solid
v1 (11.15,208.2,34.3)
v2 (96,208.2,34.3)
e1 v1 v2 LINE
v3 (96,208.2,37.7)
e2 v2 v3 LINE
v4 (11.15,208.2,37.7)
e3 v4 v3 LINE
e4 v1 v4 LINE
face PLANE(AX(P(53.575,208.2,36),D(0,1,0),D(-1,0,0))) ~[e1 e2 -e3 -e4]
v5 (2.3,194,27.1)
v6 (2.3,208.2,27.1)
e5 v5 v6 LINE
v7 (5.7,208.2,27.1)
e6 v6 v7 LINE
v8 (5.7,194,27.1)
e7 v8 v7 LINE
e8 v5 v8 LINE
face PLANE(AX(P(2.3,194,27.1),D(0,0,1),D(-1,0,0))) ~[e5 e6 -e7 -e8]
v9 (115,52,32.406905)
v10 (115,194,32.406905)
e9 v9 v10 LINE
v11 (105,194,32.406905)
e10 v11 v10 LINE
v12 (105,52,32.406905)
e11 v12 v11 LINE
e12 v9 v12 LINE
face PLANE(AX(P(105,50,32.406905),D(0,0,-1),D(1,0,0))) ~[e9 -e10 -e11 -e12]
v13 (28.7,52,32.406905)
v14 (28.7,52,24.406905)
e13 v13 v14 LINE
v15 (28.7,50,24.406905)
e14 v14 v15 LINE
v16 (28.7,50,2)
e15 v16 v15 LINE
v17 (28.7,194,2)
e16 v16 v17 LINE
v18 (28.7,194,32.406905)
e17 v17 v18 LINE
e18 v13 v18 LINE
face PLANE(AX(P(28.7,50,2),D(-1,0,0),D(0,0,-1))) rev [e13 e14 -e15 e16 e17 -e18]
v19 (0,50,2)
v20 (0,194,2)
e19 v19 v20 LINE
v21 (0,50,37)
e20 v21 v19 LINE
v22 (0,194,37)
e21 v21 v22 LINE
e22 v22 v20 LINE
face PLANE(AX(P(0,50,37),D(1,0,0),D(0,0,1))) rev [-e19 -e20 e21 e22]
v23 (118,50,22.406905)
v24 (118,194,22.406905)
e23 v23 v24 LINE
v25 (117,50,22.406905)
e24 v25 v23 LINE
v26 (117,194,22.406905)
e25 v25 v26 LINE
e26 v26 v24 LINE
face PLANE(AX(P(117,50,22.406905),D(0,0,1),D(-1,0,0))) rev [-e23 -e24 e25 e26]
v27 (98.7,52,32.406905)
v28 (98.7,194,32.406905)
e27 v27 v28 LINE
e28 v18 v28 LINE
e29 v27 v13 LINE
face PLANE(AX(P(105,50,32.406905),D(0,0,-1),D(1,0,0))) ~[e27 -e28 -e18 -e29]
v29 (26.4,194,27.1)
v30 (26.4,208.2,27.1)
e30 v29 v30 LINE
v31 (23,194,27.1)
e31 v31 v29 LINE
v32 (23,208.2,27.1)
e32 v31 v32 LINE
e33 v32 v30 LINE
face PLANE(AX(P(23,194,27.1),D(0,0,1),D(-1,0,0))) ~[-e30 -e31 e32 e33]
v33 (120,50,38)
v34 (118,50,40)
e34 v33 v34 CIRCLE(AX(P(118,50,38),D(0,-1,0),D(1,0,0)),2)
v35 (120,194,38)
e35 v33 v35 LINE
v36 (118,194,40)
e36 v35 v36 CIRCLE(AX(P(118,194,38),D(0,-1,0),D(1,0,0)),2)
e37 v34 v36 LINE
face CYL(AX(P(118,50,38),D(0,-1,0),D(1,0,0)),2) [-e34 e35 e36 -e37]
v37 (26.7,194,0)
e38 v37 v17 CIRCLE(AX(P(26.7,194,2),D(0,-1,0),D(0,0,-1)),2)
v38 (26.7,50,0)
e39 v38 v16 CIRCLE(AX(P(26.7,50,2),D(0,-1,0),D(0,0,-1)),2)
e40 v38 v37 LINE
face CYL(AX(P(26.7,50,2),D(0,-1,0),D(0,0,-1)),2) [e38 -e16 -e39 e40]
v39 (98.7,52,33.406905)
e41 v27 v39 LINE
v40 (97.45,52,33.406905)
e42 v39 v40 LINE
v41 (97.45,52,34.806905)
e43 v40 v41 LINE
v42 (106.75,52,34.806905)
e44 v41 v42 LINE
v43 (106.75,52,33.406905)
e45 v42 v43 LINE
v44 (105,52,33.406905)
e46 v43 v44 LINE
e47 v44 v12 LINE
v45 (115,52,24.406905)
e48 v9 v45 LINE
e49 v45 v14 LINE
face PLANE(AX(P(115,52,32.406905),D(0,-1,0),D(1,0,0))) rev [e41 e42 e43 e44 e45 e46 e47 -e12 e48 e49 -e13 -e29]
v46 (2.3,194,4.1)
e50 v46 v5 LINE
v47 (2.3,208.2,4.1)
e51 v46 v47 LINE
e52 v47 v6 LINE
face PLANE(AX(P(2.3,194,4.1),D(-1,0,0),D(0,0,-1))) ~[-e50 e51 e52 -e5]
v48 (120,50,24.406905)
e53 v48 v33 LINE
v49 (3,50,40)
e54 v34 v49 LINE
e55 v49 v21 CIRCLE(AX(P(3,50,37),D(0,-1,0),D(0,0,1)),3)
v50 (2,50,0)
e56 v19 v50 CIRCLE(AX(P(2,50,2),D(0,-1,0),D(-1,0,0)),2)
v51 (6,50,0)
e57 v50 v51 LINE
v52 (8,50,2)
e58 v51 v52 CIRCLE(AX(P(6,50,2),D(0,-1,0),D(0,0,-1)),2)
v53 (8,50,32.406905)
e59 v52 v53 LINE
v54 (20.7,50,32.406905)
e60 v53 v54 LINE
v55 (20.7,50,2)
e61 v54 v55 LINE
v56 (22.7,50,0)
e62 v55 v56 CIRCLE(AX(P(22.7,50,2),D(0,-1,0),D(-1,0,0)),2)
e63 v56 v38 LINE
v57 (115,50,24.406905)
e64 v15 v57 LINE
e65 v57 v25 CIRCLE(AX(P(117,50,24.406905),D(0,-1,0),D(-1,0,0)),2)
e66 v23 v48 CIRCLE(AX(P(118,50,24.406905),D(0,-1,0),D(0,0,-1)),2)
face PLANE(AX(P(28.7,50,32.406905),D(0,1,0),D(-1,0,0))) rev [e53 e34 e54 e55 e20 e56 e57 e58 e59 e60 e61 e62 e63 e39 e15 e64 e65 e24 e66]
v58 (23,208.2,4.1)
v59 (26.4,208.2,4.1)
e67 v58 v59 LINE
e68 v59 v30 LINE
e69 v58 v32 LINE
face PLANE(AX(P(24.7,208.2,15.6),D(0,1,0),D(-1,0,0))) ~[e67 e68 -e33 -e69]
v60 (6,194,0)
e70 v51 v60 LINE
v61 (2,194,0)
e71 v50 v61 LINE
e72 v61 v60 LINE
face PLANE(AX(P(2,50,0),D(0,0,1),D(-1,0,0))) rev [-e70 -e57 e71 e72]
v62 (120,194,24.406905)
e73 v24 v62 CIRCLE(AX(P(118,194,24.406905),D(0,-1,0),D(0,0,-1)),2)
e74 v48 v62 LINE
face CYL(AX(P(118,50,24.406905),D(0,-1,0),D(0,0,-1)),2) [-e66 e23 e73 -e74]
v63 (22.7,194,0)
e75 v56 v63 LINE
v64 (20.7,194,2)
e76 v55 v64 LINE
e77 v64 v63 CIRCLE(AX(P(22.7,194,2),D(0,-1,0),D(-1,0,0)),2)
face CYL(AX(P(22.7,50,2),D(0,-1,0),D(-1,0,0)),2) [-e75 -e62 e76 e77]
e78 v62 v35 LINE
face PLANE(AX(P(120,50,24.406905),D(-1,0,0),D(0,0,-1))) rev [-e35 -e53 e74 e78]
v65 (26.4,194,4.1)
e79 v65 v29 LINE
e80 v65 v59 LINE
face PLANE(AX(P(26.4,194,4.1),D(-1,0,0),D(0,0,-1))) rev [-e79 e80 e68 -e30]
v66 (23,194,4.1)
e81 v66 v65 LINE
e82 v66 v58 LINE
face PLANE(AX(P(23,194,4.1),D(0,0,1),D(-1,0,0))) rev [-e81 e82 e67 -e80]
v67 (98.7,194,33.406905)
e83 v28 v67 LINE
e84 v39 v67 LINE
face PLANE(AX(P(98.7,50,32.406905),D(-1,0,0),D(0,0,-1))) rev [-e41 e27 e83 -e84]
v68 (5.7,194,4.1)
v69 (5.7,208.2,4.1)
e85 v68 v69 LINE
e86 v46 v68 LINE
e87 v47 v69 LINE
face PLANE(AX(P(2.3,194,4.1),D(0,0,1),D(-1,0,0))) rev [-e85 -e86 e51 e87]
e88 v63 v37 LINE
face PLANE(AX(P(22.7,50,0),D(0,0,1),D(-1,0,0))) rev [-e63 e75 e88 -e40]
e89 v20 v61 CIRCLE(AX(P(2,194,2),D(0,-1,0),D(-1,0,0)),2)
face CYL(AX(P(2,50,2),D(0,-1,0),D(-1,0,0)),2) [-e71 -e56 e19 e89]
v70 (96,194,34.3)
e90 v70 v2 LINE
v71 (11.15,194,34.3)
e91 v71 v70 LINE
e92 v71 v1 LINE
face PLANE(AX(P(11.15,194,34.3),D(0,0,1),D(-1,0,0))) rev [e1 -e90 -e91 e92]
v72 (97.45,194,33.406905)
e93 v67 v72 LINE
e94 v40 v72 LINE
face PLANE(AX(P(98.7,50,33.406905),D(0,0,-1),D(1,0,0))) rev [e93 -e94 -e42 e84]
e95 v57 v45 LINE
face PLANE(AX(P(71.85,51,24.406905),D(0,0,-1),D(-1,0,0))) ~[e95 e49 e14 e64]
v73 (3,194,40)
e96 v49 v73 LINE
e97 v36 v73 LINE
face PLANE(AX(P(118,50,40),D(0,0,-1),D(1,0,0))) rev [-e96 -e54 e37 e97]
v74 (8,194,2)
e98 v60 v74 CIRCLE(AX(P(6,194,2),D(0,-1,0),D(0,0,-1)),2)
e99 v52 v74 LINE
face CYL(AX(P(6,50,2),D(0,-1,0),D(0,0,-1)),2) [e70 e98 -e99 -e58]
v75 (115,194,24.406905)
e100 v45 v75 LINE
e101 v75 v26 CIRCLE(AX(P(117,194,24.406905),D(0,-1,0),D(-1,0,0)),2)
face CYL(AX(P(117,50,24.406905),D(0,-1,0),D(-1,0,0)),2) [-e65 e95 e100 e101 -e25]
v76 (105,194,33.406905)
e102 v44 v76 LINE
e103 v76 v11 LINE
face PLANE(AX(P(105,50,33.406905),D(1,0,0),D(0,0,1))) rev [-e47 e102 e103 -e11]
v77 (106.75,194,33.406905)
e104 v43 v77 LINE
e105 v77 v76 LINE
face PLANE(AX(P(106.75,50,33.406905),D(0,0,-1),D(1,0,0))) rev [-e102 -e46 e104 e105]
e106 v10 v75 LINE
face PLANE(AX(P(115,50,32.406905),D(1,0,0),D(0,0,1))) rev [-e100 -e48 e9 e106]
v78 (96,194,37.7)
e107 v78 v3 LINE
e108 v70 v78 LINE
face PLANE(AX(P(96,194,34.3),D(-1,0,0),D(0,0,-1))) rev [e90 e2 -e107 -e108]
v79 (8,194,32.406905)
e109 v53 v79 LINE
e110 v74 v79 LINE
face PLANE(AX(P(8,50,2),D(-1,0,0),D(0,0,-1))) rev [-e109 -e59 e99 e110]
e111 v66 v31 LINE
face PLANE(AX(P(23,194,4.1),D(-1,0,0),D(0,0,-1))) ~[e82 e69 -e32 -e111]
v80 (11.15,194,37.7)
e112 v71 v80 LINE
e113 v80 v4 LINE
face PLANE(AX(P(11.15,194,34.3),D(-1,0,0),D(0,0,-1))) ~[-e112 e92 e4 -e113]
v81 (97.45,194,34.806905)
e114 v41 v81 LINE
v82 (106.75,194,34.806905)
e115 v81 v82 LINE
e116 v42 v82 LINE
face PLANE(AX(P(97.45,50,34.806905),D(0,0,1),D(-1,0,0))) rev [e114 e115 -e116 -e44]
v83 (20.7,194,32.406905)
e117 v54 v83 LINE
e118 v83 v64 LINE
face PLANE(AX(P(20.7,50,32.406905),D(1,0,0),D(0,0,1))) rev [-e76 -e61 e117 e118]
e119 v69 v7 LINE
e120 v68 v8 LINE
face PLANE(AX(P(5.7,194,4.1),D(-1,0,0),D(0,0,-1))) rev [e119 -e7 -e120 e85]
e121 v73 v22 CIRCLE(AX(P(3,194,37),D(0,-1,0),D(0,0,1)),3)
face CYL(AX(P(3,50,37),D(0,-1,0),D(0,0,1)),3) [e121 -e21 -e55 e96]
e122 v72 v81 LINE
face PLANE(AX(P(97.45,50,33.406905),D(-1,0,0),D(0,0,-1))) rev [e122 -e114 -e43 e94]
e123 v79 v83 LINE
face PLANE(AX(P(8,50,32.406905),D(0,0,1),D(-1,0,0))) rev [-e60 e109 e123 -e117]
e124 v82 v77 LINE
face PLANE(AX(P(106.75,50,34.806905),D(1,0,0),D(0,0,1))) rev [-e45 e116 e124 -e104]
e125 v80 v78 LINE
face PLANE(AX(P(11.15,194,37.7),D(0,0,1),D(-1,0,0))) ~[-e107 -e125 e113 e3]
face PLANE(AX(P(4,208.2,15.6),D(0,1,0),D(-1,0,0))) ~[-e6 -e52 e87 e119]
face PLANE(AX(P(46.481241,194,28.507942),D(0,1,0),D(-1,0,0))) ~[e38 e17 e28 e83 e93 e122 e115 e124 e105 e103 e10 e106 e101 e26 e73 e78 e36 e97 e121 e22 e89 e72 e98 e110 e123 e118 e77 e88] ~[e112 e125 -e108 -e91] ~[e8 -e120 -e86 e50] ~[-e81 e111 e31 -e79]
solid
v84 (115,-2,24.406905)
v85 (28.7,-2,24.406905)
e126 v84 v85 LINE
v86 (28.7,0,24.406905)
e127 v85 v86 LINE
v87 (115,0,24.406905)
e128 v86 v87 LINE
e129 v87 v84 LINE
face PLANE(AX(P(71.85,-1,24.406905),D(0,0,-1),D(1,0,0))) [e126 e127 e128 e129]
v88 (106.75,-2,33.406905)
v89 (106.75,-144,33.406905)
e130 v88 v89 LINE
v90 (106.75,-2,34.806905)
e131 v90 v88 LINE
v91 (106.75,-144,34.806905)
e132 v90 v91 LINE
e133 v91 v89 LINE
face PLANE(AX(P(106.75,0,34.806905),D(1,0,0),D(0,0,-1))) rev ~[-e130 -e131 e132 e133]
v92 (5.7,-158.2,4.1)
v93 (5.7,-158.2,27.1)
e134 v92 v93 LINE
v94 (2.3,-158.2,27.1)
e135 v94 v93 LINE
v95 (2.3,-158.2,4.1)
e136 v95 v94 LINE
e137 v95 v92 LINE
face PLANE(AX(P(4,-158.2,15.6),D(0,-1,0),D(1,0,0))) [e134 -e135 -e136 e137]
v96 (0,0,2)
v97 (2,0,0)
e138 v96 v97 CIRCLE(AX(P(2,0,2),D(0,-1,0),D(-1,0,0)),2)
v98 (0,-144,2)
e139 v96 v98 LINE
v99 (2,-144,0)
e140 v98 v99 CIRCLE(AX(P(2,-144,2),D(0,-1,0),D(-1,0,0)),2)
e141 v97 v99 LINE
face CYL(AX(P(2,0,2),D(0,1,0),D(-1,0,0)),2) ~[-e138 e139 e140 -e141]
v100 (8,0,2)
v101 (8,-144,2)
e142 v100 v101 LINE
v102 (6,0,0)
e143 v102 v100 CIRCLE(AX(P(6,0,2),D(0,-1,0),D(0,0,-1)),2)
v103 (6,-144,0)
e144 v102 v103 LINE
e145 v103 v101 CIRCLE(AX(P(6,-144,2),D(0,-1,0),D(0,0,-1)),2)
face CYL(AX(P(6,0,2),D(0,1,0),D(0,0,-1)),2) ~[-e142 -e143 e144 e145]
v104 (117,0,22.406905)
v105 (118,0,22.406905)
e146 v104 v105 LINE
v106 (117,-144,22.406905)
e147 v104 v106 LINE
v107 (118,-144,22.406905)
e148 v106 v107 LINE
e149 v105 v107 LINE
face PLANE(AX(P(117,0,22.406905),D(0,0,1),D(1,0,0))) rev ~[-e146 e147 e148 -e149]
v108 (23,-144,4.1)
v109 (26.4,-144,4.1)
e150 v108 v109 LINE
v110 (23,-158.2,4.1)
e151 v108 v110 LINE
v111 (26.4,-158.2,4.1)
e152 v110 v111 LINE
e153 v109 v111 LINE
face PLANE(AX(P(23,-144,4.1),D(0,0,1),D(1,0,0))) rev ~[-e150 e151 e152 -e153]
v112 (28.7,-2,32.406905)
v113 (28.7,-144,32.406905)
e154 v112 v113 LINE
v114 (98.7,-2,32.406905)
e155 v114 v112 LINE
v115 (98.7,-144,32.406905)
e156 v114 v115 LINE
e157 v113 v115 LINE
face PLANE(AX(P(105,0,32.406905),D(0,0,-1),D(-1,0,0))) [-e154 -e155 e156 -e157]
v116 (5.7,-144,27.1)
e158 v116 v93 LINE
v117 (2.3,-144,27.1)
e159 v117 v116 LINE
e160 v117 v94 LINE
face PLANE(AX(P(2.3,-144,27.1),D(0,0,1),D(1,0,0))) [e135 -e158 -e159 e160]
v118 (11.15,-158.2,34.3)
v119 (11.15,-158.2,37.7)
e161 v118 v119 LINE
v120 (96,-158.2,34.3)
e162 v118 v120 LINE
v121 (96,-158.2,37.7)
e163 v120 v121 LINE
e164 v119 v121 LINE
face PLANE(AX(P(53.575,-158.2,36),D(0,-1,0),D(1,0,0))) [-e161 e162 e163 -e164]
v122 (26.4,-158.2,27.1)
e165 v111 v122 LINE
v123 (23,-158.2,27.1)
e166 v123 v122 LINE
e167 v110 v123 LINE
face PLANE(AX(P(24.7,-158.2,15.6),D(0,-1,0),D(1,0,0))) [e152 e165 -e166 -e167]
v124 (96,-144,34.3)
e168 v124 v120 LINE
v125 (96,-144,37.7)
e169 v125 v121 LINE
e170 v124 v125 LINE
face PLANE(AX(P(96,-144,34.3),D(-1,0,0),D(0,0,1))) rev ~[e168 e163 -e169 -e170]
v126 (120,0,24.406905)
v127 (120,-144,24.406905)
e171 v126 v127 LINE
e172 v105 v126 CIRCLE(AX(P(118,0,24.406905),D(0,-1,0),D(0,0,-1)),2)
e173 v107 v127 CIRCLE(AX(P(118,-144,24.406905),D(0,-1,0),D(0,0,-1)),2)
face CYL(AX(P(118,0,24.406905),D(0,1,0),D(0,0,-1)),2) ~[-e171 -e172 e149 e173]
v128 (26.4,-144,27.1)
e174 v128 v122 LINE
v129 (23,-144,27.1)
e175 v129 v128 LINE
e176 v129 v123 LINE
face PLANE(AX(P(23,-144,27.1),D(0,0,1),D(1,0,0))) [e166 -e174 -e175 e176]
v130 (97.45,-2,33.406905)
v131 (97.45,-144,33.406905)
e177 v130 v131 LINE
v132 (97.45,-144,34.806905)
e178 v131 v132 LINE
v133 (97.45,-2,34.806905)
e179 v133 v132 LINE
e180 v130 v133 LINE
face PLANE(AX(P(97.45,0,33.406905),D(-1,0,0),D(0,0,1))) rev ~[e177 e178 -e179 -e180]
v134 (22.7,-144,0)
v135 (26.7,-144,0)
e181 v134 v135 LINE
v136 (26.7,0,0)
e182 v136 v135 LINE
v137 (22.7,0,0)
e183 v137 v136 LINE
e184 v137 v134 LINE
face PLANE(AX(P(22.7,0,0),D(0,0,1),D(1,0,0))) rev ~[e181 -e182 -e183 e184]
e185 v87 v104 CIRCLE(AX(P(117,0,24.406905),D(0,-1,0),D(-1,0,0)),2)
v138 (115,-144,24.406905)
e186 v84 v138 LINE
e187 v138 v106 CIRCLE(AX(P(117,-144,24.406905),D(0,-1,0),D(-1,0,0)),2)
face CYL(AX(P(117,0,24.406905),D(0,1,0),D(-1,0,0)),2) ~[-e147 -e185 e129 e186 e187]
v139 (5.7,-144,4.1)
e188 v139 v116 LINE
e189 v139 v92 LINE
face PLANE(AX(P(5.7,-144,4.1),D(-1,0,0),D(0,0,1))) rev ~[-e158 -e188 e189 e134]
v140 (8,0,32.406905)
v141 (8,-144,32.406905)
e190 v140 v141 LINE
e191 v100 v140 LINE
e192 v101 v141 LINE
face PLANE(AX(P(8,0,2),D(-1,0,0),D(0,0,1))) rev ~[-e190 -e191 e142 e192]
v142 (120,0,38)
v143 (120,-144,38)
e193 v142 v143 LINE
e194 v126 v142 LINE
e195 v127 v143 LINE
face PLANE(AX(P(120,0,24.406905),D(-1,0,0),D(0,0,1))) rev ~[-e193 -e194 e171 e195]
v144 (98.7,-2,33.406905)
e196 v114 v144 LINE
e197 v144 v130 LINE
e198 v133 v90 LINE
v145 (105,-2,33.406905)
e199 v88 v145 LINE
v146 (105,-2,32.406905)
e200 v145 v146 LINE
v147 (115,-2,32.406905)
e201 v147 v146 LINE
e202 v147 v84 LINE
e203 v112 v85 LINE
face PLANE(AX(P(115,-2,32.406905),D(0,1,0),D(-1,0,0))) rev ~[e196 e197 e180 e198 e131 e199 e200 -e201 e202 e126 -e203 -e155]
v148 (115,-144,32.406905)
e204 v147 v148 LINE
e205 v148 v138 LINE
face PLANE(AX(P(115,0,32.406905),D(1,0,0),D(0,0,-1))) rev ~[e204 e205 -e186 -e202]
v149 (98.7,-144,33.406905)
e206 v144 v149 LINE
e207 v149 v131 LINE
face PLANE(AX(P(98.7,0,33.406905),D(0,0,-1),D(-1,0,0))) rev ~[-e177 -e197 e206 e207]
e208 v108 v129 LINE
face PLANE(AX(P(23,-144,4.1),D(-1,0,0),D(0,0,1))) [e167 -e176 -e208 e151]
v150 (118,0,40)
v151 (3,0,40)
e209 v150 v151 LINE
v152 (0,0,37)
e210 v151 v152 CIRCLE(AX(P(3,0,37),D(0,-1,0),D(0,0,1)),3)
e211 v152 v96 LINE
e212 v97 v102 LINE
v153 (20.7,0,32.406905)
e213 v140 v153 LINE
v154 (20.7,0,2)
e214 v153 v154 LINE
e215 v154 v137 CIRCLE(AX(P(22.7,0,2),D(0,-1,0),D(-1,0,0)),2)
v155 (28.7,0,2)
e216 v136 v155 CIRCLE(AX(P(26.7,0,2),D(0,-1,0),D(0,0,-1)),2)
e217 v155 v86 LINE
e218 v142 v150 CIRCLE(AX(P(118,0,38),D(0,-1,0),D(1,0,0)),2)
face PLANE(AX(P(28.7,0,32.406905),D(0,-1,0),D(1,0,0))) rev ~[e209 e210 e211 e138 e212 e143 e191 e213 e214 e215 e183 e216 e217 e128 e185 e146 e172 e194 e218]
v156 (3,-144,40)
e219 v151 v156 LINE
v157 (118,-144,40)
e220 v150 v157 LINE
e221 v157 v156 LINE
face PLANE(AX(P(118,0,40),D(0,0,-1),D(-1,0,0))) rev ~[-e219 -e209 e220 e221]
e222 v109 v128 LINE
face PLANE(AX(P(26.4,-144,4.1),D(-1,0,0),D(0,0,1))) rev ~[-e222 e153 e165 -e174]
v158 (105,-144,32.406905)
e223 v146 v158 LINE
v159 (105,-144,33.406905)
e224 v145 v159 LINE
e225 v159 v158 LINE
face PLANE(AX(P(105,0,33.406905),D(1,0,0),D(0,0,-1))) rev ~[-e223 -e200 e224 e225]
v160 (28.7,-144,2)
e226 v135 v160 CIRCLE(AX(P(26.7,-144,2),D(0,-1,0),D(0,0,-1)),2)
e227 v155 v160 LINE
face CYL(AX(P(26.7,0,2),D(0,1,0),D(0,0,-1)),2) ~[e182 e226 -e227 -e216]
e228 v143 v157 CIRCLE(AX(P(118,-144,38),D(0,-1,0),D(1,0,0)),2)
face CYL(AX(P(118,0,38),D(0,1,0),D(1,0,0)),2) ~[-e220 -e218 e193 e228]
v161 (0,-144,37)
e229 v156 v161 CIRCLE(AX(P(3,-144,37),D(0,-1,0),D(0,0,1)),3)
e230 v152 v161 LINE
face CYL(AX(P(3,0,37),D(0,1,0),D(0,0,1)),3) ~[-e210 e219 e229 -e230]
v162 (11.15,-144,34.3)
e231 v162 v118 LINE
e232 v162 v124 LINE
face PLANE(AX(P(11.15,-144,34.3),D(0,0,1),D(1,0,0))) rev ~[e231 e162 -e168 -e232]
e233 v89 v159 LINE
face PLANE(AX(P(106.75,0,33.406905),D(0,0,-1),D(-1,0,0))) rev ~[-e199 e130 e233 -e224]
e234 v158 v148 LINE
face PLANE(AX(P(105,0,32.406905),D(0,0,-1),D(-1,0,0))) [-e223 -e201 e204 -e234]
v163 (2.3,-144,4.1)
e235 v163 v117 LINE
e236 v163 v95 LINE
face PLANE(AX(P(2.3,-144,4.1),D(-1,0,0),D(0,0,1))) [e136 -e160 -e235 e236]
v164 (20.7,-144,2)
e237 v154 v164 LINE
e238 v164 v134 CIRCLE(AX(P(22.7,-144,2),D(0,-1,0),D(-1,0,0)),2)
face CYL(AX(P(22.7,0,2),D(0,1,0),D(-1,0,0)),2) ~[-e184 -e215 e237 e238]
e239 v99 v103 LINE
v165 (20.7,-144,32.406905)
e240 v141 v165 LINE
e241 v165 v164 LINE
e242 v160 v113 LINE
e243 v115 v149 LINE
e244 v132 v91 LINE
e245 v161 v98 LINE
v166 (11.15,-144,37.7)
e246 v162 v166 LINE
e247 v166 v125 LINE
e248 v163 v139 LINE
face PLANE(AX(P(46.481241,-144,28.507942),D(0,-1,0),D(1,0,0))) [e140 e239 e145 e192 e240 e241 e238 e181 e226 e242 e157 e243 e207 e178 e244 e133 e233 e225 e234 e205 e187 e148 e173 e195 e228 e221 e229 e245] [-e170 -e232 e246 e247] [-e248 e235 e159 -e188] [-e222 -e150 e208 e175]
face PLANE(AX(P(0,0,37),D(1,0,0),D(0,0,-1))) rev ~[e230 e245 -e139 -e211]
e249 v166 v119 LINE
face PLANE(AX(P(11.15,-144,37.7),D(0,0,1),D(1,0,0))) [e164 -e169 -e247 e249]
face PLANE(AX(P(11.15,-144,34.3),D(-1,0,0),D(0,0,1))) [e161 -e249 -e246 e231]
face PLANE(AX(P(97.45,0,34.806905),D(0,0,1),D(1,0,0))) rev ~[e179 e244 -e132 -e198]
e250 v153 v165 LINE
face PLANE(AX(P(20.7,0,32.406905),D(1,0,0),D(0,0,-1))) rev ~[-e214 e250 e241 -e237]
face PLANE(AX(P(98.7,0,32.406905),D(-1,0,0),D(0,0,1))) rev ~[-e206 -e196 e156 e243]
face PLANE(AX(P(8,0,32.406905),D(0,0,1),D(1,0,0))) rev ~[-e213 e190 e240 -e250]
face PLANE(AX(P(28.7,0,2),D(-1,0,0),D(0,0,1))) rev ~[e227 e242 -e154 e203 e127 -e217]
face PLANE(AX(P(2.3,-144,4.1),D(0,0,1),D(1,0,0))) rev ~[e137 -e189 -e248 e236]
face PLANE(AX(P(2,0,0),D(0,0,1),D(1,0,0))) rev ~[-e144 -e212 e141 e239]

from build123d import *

# Parameters (mm, degrees)
F1_DEPTH = 144
F2_W     = 84.85
F2_H     = 3.4
F2_W_2   = 3.4
F2_H_2   = 23
F3_DEPTH = 14.2
F5_DEPTH = 2
F7_DEPTH = 8


with BuildPart() as f1:
    # F0 (on Front) → F1 (new body)
    with BuildSketch(Plane.XZ):
        with BuildLine():
            Line((0, 37), (0, 2))
            ThreePointArc((0, 2), (0.5857864376, 0.5857864376), (2, 0))
            Line((2, 0), (6, 0))
            ThreePointArc((6, 0), (7.4142135624, 0.5857864376), (8, 2))
            Line((8, 2), (8, 32.406905199))
            Line((8, 32.406905199), (20.7, 32.406905199))
            Line((20.7, 32.406905199), (20.7, 2))
            ThreePointArc((20.7, 2), (21.2857864376, 0.5857864376), (22.7, 0))
            Line((22.7, 0), (26.7, 0))
            ThreePointArc((26.7, 0), (28.1142135624, 0.5857864376), (28.7, 2))
            Line((28.7, 2), (28.7, 32.406905199))
            Line((28.7, 32.406905199), (98.7, 32.406905199))
            Line((98.7, 32.406905199), (98.7, 33.406905199))
            Line((98.7, 33.406905199), (97.45, 33.406905199))
            Line((97.45, 33.406905199), (97.45, 34.806905199))
            Line((97.45, 34.806905199), (106.75, 34.806905199))
            Line((106.75, 34.806905199), (106.75, 33.406905199))
            Line((106.75, 33.406905199), (105, 33.406905199))
            Line((105, 33.406905199), (105, 32.406905199))
            Line((105, 32.406905199), (115, 32.406905199))
            Line((115, 32.406905199), (120, 32.406905199))
            Line((120, 32.406905199), (120, 38))
            ThreePointArc((120, 38), (119.4142135624, 39.4142135624), (118, 40))
            Line((118, 40), (3, 40))
            ThreePointArc((3, 40), (0.8786796564, 39.1213203436), (0, 37))
        make_face()
        with BuildLine():
            Line((120, 24.406905199), (120, 32.406905199))
            Line((120, 32.406905199), (115, 32.406905199))
            Line((115, 32.406905199), (115, 24.406905199))
            ThreePointArc((115, 24.406905199), (115.5857864376, 22.9926916366), (117, 22.406905199))
            Line((117, 22.406905199), (118, 22.406905199))
            ThreePointArc((118, 22.406905199), (119.4142135624, 22.9926916366), (120, 24.406905199))
        make_face()
    extrude(amount=F1_DEPTH)

    # F2 (on face) → F3 (join)
    with BuildSketch(Plane.XZ.offset(144)):
        with Locations((53.575, 36)):
            Rectangle(F2_W, F2_H)
        with Locations((4, 15.6)):
            Rectangle(F2_W_2, F2_H_2)
        with Locations((24.7, 15.6)):
            Rectangle(F2_W_2, F2_H_2)
    extrude(amount=F3_DEPTH)

    # F4 (on face) → F5 (join)
    with BuildSketch(Plane(origin=(0, 0, 0), x_dir=(-1, 0, 0), z_dir=(0, 1, 0))):
        Polygon((-105, 33.406905199), (-105, 32.406905199), (-98.7, 32.406905199), (-98.7, 33.406905199), (-97.45, 33.406905199), (-97.45, 34.806905199), (-106.75, 34.806905199), (-106.75, 33.406905199), align=None)
    extrude(amount=-F5_DEPTH)

    # F6 (on face) → F7 (join, through all)
    with BuildSketch(Plane(origin=(0, 0, 32.406905199), x_dir=(1, 0, 0), z_dir=(0, 0, -1))):
        Polygon((28.7, 0), (115, 0), (115, 2), (105, 2), (98.7, 2), (28.7, 2), align=None)
    extrude(amount=F7_DEPTH)


with BuildPart() as f9_1:
    # F9: instance of F1
    add(f1.part.mirror(Plane.XZ.offset(-25)))


solid = Compound([f1.part, f9_1.part])
